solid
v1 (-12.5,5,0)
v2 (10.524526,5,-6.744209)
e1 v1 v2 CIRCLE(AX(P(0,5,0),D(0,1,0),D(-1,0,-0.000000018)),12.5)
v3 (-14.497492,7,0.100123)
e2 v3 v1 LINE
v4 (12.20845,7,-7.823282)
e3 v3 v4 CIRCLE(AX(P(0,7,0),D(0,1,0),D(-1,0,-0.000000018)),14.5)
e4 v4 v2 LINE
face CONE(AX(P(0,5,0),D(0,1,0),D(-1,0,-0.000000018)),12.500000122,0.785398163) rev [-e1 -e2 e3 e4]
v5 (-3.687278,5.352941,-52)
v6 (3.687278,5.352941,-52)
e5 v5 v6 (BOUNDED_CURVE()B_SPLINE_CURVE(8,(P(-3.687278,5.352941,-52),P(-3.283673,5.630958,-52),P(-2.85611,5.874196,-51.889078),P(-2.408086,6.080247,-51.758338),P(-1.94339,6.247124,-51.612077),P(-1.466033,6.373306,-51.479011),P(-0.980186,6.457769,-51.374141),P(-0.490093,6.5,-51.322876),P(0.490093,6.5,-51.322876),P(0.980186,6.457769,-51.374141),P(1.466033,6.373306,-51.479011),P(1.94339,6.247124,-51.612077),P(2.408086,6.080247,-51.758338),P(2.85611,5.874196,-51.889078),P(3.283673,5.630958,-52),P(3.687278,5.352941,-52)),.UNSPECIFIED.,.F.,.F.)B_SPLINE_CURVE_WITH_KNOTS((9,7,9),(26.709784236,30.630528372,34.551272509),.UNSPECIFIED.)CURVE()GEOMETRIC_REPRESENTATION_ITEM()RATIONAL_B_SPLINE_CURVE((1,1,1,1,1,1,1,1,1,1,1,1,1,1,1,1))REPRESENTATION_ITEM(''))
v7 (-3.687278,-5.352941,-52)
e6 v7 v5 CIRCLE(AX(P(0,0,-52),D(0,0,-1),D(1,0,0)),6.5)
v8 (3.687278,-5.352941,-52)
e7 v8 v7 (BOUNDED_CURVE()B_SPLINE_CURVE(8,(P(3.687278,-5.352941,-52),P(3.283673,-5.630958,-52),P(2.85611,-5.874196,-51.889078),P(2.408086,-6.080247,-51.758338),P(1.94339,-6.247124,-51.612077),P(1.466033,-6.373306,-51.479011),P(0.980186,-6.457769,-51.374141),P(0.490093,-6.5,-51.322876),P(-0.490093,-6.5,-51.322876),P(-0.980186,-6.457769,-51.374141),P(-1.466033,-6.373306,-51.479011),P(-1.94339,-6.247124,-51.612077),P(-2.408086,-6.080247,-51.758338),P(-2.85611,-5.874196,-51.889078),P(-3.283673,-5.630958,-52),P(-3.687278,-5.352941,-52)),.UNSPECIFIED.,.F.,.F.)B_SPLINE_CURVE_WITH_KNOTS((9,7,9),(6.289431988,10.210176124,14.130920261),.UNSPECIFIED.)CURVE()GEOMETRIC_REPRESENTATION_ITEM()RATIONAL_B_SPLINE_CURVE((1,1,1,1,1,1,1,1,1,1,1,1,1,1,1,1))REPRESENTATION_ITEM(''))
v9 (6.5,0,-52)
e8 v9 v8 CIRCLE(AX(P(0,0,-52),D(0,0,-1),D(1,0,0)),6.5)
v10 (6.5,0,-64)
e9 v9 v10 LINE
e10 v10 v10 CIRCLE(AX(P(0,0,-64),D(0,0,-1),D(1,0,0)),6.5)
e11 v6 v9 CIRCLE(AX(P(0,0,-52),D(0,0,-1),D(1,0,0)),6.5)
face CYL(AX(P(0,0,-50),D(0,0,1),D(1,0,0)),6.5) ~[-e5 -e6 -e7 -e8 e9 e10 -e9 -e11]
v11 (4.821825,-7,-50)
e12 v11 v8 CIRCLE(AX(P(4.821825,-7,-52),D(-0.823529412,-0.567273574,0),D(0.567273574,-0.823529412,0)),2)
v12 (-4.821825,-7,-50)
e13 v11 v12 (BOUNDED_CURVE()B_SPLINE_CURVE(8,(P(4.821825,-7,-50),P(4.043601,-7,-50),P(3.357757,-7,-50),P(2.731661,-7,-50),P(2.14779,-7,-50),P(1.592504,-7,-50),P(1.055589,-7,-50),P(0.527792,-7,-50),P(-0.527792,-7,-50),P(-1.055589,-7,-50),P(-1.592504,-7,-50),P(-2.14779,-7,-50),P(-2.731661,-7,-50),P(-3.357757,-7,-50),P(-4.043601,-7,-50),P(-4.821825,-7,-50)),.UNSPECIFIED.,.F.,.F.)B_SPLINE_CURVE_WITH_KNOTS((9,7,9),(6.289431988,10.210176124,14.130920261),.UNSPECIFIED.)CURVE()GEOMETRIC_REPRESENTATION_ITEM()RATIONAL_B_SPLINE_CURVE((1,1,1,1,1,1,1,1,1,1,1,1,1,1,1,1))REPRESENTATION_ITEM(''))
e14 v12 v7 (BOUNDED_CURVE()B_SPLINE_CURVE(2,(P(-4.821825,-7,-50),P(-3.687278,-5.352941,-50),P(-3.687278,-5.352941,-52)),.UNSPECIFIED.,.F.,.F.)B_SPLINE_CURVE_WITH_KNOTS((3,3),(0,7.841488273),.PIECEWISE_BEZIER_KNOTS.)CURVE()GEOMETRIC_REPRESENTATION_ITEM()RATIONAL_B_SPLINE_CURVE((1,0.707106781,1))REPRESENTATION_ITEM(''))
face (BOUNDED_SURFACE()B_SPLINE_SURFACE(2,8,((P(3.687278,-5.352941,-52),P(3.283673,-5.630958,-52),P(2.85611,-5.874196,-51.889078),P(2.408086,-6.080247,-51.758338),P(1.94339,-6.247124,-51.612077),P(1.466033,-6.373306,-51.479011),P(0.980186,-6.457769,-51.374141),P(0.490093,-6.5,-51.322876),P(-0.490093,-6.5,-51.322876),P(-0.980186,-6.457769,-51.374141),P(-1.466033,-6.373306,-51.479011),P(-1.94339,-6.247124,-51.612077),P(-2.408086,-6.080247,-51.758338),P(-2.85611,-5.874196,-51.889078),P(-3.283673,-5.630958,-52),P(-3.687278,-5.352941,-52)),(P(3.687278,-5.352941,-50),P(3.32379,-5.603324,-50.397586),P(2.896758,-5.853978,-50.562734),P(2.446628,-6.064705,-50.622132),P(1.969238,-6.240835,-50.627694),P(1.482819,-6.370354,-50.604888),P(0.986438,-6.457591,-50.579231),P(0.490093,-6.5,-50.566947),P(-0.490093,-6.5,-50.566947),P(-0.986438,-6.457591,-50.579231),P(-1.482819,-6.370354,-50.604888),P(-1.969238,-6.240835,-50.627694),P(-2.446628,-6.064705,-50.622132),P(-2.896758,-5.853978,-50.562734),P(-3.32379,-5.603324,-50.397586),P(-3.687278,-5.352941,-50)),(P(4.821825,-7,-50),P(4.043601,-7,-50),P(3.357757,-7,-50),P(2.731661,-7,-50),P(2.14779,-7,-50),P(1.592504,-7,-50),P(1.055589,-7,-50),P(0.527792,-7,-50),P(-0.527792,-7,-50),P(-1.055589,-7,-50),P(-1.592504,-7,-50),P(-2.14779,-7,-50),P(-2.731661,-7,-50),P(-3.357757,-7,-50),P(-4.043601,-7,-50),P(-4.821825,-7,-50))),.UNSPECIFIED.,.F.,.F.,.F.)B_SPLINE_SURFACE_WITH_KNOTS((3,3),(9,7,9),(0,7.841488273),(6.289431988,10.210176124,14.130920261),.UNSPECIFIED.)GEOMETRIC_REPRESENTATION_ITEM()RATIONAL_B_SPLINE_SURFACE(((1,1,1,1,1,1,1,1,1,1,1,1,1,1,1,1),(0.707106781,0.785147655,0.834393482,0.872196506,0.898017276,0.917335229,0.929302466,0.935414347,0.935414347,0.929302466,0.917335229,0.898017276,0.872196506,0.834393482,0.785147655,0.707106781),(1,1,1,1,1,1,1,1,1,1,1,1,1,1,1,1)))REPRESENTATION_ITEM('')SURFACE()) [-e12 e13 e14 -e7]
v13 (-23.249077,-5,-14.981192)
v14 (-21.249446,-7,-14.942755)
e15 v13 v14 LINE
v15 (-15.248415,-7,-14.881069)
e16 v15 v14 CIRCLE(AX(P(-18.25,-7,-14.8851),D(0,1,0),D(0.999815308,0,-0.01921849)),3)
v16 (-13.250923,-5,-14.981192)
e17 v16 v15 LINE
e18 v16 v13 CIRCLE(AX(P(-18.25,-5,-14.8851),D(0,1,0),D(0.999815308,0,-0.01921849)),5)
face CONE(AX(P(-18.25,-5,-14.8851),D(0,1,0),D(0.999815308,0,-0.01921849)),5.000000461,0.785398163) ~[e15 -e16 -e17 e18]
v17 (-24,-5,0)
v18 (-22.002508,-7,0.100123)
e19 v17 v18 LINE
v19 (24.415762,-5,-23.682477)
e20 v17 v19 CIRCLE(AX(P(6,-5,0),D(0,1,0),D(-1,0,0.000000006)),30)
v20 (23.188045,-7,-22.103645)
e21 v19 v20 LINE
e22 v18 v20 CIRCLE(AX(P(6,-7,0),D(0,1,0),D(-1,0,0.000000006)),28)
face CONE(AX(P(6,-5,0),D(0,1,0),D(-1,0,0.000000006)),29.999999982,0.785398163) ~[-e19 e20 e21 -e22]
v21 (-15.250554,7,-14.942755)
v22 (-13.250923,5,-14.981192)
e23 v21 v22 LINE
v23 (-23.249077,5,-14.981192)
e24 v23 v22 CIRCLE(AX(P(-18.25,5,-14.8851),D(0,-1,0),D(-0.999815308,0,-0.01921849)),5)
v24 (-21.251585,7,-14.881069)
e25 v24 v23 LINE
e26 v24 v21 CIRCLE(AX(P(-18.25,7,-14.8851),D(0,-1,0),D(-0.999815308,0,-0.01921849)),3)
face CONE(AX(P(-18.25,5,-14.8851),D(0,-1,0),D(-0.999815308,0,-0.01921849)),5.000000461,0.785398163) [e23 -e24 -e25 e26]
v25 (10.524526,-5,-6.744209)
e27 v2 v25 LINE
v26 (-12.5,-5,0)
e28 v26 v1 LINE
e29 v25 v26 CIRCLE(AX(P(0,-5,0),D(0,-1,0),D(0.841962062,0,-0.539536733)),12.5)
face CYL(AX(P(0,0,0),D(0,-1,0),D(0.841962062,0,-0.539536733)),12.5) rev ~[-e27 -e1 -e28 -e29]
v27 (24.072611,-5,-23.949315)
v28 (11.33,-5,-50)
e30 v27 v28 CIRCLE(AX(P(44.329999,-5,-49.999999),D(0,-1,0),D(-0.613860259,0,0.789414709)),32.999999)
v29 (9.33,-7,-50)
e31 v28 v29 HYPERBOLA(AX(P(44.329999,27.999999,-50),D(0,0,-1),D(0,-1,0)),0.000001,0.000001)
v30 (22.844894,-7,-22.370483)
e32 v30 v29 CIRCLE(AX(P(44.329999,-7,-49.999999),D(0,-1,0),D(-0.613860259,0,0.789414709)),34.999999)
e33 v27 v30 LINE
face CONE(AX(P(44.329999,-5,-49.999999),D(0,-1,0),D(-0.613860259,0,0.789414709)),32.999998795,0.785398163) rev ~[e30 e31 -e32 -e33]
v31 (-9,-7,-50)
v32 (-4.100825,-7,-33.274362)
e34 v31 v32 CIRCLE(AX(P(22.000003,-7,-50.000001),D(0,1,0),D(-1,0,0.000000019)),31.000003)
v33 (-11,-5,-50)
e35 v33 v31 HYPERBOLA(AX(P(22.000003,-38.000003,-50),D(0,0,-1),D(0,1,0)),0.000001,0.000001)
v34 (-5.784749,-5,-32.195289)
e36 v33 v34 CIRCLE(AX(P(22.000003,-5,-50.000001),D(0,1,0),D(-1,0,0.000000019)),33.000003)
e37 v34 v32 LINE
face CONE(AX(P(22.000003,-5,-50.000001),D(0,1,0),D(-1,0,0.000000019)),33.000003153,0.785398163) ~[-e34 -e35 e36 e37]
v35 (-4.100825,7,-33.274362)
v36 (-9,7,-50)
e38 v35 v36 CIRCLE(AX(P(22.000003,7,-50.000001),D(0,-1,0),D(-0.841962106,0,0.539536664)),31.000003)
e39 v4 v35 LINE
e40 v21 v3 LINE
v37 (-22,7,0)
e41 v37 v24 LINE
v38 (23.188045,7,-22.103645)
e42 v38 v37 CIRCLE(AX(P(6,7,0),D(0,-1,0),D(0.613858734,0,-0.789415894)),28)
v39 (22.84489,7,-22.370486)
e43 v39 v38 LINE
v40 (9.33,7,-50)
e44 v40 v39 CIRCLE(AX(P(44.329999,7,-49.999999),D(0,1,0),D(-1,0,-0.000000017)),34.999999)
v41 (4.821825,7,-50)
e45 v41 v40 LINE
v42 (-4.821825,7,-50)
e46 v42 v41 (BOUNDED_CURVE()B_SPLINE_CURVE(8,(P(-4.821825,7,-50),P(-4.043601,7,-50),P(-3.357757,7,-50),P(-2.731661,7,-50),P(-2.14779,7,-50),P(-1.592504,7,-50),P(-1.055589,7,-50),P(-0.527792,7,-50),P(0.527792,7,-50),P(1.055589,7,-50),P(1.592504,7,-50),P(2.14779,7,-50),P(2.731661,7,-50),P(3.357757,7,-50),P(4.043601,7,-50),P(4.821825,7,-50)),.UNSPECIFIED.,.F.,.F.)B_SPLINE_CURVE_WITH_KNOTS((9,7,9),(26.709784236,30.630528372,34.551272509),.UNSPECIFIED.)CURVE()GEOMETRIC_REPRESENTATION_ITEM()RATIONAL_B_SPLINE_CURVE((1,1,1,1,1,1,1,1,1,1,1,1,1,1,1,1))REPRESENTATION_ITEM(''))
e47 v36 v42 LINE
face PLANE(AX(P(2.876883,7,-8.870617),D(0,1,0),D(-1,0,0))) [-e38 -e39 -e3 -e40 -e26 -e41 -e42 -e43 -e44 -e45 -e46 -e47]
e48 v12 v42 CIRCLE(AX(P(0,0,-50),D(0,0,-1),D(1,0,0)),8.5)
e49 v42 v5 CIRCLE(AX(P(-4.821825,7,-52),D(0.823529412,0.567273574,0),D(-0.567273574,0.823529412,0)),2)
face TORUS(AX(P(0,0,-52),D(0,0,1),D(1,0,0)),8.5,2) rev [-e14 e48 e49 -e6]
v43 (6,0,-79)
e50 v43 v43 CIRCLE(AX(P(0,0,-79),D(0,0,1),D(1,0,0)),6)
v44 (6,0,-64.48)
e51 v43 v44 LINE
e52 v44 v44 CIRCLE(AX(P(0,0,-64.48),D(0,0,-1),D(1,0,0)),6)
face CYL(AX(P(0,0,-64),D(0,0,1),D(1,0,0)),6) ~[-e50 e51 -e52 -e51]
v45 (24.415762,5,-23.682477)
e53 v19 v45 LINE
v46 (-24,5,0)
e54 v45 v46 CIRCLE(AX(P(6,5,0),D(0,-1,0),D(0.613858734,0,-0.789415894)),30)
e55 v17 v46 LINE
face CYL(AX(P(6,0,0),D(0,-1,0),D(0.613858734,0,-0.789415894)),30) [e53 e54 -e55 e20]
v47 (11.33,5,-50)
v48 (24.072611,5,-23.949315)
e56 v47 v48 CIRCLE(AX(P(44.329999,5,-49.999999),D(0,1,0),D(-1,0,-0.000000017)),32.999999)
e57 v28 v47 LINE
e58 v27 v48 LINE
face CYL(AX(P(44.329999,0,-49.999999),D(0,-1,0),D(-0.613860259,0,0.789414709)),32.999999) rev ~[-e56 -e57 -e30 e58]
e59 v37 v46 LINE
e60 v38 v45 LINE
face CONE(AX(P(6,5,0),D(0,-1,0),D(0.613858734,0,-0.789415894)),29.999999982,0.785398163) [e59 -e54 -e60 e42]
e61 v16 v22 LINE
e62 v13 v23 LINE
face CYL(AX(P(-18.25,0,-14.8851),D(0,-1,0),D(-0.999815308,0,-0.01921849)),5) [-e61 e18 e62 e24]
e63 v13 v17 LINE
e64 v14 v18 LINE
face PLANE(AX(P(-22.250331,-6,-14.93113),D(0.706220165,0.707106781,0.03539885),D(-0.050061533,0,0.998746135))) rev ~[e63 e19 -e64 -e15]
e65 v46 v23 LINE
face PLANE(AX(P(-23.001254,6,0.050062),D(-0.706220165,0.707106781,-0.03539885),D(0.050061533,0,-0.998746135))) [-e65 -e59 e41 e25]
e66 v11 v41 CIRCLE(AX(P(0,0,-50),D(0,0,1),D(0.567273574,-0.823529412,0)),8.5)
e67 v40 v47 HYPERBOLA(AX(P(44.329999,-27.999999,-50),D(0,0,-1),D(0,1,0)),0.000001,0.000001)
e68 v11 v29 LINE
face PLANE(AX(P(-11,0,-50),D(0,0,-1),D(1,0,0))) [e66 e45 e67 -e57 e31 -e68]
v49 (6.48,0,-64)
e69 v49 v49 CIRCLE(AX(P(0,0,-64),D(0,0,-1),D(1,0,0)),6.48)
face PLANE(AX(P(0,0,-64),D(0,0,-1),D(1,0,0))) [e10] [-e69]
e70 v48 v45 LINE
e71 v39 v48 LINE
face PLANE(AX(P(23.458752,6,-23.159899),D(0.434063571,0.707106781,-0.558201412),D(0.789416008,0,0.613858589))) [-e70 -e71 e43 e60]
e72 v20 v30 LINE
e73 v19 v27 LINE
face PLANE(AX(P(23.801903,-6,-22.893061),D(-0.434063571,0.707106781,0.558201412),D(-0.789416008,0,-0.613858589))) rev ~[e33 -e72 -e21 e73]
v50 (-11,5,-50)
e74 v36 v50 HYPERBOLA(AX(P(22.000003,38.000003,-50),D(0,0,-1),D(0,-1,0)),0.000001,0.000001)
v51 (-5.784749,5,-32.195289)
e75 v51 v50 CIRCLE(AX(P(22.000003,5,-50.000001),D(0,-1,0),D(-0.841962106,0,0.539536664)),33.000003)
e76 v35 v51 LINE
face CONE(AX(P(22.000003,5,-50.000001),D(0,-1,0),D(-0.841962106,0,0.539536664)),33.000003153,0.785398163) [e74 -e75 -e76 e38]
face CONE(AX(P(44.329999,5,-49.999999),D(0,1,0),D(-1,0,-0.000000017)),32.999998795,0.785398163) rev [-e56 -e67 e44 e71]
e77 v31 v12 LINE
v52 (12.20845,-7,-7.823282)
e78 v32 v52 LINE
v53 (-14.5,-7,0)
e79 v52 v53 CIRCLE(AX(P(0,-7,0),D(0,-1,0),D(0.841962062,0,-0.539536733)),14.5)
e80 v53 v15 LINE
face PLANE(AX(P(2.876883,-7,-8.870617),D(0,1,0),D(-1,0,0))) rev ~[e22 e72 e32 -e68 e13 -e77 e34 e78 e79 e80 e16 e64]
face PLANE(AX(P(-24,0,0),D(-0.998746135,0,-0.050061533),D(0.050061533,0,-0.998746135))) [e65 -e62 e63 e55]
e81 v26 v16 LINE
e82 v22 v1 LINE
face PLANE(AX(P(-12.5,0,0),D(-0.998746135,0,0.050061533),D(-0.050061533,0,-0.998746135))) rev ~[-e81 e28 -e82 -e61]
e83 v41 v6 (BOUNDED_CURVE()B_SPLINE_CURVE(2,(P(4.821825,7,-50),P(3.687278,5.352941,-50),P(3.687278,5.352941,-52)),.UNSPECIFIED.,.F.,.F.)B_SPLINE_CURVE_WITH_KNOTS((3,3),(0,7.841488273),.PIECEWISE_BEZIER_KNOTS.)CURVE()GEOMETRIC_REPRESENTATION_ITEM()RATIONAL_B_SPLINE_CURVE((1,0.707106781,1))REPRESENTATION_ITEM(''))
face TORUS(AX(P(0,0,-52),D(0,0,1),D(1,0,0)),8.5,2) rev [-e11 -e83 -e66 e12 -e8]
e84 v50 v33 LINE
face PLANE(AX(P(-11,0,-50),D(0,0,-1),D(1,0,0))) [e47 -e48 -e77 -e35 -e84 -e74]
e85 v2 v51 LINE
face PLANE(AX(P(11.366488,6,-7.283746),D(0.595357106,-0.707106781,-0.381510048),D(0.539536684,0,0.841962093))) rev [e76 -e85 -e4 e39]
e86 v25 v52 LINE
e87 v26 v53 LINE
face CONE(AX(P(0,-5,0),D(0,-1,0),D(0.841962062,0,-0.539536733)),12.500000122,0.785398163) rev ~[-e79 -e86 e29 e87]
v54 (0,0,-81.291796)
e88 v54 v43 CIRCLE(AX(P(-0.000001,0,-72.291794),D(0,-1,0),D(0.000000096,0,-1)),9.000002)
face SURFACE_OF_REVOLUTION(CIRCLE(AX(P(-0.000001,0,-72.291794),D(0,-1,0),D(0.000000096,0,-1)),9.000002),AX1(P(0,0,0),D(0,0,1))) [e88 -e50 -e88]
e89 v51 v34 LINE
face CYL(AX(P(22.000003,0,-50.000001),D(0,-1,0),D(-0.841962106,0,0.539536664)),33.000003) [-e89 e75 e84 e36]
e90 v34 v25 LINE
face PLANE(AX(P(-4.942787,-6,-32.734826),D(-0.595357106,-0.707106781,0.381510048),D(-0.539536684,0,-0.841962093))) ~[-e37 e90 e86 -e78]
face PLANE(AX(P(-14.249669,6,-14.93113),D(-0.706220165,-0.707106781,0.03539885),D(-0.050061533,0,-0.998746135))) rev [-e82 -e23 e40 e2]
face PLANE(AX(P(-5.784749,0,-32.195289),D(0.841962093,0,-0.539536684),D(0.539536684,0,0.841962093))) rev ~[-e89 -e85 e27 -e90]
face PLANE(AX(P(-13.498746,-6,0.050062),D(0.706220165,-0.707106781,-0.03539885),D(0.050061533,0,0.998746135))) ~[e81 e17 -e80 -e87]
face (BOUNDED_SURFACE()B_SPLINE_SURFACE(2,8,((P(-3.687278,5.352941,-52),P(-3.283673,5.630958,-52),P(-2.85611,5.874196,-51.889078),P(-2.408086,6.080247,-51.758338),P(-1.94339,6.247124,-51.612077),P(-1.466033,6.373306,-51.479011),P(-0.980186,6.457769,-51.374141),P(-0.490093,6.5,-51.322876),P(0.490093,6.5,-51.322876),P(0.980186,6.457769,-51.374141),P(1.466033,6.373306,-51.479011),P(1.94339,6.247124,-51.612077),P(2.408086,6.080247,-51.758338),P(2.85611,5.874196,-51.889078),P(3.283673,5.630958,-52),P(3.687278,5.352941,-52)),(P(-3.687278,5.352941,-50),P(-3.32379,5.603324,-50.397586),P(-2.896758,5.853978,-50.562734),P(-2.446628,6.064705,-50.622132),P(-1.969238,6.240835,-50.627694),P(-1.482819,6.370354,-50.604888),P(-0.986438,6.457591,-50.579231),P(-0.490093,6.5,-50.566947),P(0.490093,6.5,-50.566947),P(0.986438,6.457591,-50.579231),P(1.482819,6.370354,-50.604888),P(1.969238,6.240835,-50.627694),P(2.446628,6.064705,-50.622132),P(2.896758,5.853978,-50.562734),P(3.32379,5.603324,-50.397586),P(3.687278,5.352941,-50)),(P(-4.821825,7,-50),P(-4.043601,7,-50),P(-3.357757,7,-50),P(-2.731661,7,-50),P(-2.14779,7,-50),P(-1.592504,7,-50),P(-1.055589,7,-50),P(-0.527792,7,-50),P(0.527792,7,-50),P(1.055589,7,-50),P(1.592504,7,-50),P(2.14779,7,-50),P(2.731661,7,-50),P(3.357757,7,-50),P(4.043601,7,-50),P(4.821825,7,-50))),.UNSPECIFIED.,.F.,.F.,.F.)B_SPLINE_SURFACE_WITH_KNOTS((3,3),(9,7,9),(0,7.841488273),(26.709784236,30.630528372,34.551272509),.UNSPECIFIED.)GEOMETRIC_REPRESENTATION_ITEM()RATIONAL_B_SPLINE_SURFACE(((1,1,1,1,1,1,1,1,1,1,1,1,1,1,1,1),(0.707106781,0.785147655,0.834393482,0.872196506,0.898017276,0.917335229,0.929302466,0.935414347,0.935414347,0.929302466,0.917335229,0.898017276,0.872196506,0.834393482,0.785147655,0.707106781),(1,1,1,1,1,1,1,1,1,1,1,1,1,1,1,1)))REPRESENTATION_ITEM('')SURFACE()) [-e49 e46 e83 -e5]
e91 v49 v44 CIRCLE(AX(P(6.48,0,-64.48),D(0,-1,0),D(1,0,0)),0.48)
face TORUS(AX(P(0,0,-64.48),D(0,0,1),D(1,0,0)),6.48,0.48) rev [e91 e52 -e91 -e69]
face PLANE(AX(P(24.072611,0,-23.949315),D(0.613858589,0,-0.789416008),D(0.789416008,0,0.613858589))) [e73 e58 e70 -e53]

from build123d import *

# Parameters (mm, degrees)
PAD_DEPTH       = 7
CHAMFER_SIZE    = 2
CHAMFER001_SIZE = 2
SKETCH001_R     = 6.5
PAD001_DEPTH    = 14
FILLET_R        = 2
SKETCH002_R     = 6
PAD002_DEPTH    = 15
FILLET001_R     = 0.48


with BuildPart() as pad002:
    # Sketch → Pad (new body, symmetric)
    with BuildSketch(Plane.XZ):
        with BuildLine():
            ThreePointArc((10.524526, -6.744209), (3.513789, 11.99597), (-12.5, 0))
            Line((-12.5, 0), (-13.250923, -14.981192))
            ThreePointArc((-23.249077, -14.981192), (-18.25, -19.8851), (-13.250923, -14.981192))
            Line((-24, 0), (-23.249077, -14.981192))
            ThreePointArc((24.415762, -23.682477), (19.181941, 26.948774), (-24, 0))
            Line((24.072611, -23.949315), (24.415762, -23.682477))
            ThreePointArc((24.072611, -23.949315), (14.686334, -35.499894), (11.33, -50))
            Line((-11, -50), (11.33, -50))
            ThreePointArc((-5.784749, -32.195289), (-9.66936, -40.723598), (-11, -50))
            Line((-5.784749, -32.195289), (10.524526, -6.744209))
        make_face()
    extrude(amount=PAD_DEPTH, both=True)

    # Chamfer
    chamfer_edges = [pad002.edges().sort_by_distance(p)[0] for p in [
        (3.513789, -7, 11.99597),
    ]]
    chamfer(chamfer_edges, length=CHAMFER_SIZE)

    # Chamfer001
    chamfer001_edges = [pad002.edges().sort_by_distance(p)[0] for p in [
        (19.181941, 7, 26.948774),
    ]]
    chamfer(chamfer001_edges, length=CHAMFER001_SIZE)

    # Sketch001 → Pad001 (new body)
    with BuildSketch(Plane(origin=(0, 0, -50), x_dir=(1, 0, 0), z_dir=(0, 0, -1))):
        Circle(SKETCH001_R)
    extrude(amount=PAD001_DEPTH)

    # Fillet
    fillet_edges = [pad002.edges().sort_by_distance(p)[0] for p in [
        (-6.5, 0, -50),
    ]]
    fillet(fillet_edges, radius=FILLET_R)

    # Sketch002 → Pad002 (new body)
    with BuildSketch(Plane(origin=(0, 0, -64), x_dir=(1, 0, 0), z_dir=(0, 0, -1))):
        Circle(SKETCH002_R)
    extrude(amount=PAD002_DEPTH)


with BuildPart() as fillet001:
    # Sketch003 → Revolution (revolve)
    with BuildSketch(Plane.XZ):
        with BuildLine():
            Line((0, -63.291796), (0, -81.291796))
            ThreePointArc((0, -81.291796), (3.211399, -80.699347), (6, -79))
            Line((6, -65.583592), (6, -79))
            ThreePointArc((6, -65.583592), (3.211399, -63.884245), (0, -63.291796))
        make_face()
    revolve(axis=Axis((0, 0, 0), (0, 0, 1)))

    # Fusion: union Pad002
    add(pad002.part)

    # Fillet001
    fillet001_edges = [fillet001.edges().sort_by_distance(p)[0] for p in [
        (-6, 0, -64),
    ]]
    fillet(fillet001_edges, radius=FILLET001_R)


solid = fillet001.part
